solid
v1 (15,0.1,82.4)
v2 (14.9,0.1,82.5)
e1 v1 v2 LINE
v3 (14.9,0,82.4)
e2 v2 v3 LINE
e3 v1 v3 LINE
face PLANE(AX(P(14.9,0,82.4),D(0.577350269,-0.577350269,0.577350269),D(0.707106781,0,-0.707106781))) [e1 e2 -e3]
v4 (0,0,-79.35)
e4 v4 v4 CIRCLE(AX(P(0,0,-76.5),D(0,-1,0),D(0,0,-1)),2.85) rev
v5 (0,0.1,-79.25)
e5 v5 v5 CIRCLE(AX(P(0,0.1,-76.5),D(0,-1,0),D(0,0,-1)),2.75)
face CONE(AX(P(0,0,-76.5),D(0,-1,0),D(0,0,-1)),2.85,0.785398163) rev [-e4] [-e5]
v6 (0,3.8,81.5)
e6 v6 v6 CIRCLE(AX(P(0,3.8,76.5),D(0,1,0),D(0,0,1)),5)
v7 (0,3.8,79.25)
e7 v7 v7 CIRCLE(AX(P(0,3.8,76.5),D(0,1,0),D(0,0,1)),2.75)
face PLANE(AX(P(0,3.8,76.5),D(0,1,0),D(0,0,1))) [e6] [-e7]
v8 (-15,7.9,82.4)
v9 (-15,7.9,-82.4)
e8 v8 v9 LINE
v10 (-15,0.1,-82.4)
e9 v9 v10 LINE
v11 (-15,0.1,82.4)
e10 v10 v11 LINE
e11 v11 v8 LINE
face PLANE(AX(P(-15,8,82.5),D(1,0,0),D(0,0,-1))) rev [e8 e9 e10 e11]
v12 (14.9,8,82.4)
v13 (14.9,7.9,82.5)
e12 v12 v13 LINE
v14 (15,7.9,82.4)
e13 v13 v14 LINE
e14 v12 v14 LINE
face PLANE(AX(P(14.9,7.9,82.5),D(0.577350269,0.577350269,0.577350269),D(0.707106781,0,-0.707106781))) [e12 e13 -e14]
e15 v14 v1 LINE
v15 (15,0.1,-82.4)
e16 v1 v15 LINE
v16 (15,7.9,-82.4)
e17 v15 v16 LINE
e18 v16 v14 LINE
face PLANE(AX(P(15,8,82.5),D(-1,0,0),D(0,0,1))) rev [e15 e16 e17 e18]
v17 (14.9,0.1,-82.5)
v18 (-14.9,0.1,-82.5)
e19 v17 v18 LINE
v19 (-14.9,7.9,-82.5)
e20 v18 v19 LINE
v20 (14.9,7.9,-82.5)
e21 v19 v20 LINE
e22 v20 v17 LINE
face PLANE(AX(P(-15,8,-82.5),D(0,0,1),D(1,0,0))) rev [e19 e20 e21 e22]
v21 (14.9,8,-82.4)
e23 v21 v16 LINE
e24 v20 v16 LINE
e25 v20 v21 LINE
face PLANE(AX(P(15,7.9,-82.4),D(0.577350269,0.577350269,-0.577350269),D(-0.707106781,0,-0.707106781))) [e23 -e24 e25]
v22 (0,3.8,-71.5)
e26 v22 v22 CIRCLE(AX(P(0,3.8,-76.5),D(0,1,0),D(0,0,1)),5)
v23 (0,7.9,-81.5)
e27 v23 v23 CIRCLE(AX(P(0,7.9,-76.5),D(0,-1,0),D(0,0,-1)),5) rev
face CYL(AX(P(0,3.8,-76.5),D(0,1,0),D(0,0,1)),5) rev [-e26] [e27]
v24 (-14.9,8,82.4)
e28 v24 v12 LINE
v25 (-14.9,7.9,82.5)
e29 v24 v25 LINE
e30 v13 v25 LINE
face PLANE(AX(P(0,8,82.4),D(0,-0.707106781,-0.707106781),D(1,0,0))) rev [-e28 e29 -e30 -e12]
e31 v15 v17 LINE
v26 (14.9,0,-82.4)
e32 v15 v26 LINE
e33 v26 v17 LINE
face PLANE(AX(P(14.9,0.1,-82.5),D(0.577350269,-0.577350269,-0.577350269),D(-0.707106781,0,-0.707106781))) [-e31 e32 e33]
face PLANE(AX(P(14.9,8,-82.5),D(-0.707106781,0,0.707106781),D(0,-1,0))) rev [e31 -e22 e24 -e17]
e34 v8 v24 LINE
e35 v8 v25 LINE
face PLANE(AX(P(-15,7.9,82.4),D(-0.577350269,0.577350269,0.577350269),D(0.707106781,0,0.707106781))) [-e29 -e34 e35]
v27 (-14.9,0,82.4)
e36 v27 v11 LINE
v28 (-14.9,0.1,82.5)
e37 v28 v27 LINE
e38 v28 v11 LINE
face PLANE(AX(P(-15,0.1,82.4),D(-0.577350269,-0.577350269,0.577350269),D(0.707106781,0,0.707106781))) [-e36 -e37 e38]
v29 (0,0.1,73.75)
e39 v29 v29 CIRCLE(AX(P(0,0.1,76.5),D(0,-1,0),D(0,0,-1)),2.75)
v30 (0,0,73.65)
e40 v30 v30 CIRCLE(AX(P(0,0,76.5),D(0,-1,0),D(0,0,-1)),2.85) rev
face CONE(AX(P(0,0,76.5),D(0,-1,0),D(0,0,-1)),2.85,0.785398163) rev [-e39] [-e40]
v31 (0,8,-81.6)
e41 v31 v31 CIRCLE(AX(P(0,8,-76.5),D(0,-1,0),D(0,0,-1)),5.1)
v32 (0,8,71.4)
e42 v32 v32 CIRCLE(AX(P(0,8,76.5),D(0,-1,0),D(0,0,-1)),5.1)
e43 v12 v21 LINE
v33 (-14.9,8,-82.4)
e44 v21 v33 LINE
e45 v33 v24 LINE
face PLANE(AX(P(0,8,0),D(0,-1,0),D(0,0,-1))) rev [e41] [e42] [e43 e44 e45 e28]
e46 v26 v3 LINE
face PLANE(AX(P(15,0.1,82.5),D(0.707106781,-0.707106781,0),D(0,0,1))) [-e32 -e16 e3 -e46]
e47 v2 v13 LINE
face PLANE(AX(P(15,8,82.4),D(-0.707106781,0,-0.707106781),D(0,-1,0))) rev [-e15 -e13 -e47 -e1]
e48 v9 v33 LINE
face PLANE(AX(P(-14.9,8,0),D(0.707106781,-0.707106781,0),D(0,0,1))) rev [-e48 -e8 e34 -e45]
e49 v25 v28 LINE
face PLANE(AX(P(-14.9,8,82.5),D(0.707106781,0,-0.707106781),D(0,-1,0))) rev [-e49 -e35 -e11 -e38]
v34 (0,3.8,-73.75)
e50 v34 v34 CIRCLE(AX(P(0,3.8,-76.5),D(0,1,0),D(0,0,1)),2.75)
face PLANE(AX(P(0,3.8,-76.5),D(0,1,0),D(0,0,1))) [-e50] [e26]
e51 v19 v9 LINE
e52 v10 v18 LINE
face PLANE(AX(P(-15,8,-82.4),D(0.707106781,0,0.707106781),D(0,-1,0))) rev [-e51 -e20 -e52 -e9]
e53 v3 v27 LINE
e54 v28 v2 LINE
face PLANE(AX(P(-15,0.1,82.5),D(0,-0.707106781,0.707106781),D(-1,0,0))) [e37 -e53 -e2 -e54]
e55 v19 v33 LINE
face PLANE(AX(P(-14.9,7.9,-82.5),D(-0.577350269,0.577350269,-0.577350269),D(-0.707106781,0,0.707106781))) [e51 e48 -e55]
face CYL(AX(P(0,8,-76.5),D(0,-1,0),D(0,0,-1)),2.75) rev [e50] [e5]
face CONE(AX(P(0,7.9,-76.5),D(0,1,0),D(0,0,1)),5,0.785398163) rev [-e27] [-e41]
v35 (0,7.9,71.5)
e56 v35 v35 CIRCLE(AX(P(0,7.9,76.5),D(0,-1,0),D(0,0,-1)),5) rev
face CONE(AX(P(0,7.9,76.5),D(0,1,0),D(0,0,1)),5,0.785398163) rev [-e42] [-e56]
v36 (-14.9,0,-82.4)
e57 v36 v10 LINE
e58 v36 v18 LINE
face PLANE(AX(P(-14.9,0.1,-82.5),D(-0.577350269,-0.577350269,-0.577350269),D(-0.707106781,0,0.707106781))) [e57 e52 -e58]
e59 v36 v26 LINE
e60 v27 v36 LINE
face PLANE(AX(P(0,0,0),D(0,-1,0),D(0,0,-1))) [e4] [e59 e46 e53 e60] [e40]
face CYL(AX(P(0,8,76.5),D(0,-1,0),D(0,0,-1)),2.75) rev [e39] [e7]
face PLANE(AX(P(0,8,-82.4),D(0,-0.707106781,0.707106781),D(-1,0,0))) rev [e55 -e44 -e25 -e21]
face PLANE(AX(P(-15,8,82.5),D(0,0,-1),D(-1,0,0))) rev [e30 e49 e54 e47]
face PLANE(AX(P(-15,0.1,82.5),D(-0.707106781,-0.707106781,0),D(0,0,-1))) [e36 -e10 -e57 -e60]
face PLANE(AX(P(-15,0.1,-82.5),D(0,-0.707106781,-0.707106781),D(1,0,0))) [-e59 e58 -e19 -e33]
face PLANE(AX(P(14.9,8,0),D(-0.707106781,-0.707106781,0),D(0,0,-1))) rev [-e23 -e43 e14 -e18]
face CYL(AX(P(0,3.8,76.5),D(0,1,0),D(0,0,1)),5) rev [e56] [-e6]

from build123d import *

# Parameters (mm, degrees)
SKETCH1_W           = 30
SKETCH1_H           = 165
SKETCH1_R           = 2.75
BOSS_EXTRUDE2_DEPTH = 8
SKETCH3_R           = 5
CUT_EXTRUDE1_DEPTH  = 4.2
CHAMFER1_SIZE       = 0.1


with BuildPart() as part:
    # Sketch1 → Boss-Extrude2 (new body)
    with BuildSketch(Plane(origin=(0, 0, 0), x_dir=(1, 0, 0), z_dir=(0, 1, 0))):
        Rectangle(SKETCH1_W, SKETCH1_H)
        with Locations((0, 76.5)):
            Circle(SKETCH1_R, mode=Mode.SUBTRACT)
        with Locations((0, -76.5)):
            Circle(SKETCH1_R, mode=Mode.SUBTRACT)
    extrude(amount=BOSS_EXTRUDE2_DEPTH)

    # Sketch3 → Cut-Extrude1 (cut)
    with BuildSketch(Plane(origin=(0, 8, 0), x_dir=(1, 0, 0), z_dir=(0, 1, 0))):
        with Locations((0, 76.5)):
            Circle(SKETCH3_R)
        with Locations((0, -76.5)):
            Circle(SKETCH3_R)
    extrude(amount=-CUT_EXTRUDE1_DEPTH, mode=Mode.SUBTRACT)

    # Chamfer1
    chamfer1_edges = [part.edges().sort_by_distance(p)[0] for p in [
        (-2.75, 0, -76.5),
        (-15, 8, 0),
        (-2.75, 0, 76.5),
        (0, 8, 82.5),
        (-5, 8, -76.5),
        (-5, 8, 76.5),
        (15, 8, 0),
        (0, 0, 82.5),
        (-15, 0, 0),
        (0, 0, -82.5),
        (15, 0, 0),
        (15, 4, 82.5),
        (-15, 4, 82.5),
        (-15, 4, -82.5),
        (15, 4, -82.5),
        (0, 8, -82.5),
    ]]
    chamfer(chamfer1_edges, length=CHAMFER1_SIZE)


solid = part.part
